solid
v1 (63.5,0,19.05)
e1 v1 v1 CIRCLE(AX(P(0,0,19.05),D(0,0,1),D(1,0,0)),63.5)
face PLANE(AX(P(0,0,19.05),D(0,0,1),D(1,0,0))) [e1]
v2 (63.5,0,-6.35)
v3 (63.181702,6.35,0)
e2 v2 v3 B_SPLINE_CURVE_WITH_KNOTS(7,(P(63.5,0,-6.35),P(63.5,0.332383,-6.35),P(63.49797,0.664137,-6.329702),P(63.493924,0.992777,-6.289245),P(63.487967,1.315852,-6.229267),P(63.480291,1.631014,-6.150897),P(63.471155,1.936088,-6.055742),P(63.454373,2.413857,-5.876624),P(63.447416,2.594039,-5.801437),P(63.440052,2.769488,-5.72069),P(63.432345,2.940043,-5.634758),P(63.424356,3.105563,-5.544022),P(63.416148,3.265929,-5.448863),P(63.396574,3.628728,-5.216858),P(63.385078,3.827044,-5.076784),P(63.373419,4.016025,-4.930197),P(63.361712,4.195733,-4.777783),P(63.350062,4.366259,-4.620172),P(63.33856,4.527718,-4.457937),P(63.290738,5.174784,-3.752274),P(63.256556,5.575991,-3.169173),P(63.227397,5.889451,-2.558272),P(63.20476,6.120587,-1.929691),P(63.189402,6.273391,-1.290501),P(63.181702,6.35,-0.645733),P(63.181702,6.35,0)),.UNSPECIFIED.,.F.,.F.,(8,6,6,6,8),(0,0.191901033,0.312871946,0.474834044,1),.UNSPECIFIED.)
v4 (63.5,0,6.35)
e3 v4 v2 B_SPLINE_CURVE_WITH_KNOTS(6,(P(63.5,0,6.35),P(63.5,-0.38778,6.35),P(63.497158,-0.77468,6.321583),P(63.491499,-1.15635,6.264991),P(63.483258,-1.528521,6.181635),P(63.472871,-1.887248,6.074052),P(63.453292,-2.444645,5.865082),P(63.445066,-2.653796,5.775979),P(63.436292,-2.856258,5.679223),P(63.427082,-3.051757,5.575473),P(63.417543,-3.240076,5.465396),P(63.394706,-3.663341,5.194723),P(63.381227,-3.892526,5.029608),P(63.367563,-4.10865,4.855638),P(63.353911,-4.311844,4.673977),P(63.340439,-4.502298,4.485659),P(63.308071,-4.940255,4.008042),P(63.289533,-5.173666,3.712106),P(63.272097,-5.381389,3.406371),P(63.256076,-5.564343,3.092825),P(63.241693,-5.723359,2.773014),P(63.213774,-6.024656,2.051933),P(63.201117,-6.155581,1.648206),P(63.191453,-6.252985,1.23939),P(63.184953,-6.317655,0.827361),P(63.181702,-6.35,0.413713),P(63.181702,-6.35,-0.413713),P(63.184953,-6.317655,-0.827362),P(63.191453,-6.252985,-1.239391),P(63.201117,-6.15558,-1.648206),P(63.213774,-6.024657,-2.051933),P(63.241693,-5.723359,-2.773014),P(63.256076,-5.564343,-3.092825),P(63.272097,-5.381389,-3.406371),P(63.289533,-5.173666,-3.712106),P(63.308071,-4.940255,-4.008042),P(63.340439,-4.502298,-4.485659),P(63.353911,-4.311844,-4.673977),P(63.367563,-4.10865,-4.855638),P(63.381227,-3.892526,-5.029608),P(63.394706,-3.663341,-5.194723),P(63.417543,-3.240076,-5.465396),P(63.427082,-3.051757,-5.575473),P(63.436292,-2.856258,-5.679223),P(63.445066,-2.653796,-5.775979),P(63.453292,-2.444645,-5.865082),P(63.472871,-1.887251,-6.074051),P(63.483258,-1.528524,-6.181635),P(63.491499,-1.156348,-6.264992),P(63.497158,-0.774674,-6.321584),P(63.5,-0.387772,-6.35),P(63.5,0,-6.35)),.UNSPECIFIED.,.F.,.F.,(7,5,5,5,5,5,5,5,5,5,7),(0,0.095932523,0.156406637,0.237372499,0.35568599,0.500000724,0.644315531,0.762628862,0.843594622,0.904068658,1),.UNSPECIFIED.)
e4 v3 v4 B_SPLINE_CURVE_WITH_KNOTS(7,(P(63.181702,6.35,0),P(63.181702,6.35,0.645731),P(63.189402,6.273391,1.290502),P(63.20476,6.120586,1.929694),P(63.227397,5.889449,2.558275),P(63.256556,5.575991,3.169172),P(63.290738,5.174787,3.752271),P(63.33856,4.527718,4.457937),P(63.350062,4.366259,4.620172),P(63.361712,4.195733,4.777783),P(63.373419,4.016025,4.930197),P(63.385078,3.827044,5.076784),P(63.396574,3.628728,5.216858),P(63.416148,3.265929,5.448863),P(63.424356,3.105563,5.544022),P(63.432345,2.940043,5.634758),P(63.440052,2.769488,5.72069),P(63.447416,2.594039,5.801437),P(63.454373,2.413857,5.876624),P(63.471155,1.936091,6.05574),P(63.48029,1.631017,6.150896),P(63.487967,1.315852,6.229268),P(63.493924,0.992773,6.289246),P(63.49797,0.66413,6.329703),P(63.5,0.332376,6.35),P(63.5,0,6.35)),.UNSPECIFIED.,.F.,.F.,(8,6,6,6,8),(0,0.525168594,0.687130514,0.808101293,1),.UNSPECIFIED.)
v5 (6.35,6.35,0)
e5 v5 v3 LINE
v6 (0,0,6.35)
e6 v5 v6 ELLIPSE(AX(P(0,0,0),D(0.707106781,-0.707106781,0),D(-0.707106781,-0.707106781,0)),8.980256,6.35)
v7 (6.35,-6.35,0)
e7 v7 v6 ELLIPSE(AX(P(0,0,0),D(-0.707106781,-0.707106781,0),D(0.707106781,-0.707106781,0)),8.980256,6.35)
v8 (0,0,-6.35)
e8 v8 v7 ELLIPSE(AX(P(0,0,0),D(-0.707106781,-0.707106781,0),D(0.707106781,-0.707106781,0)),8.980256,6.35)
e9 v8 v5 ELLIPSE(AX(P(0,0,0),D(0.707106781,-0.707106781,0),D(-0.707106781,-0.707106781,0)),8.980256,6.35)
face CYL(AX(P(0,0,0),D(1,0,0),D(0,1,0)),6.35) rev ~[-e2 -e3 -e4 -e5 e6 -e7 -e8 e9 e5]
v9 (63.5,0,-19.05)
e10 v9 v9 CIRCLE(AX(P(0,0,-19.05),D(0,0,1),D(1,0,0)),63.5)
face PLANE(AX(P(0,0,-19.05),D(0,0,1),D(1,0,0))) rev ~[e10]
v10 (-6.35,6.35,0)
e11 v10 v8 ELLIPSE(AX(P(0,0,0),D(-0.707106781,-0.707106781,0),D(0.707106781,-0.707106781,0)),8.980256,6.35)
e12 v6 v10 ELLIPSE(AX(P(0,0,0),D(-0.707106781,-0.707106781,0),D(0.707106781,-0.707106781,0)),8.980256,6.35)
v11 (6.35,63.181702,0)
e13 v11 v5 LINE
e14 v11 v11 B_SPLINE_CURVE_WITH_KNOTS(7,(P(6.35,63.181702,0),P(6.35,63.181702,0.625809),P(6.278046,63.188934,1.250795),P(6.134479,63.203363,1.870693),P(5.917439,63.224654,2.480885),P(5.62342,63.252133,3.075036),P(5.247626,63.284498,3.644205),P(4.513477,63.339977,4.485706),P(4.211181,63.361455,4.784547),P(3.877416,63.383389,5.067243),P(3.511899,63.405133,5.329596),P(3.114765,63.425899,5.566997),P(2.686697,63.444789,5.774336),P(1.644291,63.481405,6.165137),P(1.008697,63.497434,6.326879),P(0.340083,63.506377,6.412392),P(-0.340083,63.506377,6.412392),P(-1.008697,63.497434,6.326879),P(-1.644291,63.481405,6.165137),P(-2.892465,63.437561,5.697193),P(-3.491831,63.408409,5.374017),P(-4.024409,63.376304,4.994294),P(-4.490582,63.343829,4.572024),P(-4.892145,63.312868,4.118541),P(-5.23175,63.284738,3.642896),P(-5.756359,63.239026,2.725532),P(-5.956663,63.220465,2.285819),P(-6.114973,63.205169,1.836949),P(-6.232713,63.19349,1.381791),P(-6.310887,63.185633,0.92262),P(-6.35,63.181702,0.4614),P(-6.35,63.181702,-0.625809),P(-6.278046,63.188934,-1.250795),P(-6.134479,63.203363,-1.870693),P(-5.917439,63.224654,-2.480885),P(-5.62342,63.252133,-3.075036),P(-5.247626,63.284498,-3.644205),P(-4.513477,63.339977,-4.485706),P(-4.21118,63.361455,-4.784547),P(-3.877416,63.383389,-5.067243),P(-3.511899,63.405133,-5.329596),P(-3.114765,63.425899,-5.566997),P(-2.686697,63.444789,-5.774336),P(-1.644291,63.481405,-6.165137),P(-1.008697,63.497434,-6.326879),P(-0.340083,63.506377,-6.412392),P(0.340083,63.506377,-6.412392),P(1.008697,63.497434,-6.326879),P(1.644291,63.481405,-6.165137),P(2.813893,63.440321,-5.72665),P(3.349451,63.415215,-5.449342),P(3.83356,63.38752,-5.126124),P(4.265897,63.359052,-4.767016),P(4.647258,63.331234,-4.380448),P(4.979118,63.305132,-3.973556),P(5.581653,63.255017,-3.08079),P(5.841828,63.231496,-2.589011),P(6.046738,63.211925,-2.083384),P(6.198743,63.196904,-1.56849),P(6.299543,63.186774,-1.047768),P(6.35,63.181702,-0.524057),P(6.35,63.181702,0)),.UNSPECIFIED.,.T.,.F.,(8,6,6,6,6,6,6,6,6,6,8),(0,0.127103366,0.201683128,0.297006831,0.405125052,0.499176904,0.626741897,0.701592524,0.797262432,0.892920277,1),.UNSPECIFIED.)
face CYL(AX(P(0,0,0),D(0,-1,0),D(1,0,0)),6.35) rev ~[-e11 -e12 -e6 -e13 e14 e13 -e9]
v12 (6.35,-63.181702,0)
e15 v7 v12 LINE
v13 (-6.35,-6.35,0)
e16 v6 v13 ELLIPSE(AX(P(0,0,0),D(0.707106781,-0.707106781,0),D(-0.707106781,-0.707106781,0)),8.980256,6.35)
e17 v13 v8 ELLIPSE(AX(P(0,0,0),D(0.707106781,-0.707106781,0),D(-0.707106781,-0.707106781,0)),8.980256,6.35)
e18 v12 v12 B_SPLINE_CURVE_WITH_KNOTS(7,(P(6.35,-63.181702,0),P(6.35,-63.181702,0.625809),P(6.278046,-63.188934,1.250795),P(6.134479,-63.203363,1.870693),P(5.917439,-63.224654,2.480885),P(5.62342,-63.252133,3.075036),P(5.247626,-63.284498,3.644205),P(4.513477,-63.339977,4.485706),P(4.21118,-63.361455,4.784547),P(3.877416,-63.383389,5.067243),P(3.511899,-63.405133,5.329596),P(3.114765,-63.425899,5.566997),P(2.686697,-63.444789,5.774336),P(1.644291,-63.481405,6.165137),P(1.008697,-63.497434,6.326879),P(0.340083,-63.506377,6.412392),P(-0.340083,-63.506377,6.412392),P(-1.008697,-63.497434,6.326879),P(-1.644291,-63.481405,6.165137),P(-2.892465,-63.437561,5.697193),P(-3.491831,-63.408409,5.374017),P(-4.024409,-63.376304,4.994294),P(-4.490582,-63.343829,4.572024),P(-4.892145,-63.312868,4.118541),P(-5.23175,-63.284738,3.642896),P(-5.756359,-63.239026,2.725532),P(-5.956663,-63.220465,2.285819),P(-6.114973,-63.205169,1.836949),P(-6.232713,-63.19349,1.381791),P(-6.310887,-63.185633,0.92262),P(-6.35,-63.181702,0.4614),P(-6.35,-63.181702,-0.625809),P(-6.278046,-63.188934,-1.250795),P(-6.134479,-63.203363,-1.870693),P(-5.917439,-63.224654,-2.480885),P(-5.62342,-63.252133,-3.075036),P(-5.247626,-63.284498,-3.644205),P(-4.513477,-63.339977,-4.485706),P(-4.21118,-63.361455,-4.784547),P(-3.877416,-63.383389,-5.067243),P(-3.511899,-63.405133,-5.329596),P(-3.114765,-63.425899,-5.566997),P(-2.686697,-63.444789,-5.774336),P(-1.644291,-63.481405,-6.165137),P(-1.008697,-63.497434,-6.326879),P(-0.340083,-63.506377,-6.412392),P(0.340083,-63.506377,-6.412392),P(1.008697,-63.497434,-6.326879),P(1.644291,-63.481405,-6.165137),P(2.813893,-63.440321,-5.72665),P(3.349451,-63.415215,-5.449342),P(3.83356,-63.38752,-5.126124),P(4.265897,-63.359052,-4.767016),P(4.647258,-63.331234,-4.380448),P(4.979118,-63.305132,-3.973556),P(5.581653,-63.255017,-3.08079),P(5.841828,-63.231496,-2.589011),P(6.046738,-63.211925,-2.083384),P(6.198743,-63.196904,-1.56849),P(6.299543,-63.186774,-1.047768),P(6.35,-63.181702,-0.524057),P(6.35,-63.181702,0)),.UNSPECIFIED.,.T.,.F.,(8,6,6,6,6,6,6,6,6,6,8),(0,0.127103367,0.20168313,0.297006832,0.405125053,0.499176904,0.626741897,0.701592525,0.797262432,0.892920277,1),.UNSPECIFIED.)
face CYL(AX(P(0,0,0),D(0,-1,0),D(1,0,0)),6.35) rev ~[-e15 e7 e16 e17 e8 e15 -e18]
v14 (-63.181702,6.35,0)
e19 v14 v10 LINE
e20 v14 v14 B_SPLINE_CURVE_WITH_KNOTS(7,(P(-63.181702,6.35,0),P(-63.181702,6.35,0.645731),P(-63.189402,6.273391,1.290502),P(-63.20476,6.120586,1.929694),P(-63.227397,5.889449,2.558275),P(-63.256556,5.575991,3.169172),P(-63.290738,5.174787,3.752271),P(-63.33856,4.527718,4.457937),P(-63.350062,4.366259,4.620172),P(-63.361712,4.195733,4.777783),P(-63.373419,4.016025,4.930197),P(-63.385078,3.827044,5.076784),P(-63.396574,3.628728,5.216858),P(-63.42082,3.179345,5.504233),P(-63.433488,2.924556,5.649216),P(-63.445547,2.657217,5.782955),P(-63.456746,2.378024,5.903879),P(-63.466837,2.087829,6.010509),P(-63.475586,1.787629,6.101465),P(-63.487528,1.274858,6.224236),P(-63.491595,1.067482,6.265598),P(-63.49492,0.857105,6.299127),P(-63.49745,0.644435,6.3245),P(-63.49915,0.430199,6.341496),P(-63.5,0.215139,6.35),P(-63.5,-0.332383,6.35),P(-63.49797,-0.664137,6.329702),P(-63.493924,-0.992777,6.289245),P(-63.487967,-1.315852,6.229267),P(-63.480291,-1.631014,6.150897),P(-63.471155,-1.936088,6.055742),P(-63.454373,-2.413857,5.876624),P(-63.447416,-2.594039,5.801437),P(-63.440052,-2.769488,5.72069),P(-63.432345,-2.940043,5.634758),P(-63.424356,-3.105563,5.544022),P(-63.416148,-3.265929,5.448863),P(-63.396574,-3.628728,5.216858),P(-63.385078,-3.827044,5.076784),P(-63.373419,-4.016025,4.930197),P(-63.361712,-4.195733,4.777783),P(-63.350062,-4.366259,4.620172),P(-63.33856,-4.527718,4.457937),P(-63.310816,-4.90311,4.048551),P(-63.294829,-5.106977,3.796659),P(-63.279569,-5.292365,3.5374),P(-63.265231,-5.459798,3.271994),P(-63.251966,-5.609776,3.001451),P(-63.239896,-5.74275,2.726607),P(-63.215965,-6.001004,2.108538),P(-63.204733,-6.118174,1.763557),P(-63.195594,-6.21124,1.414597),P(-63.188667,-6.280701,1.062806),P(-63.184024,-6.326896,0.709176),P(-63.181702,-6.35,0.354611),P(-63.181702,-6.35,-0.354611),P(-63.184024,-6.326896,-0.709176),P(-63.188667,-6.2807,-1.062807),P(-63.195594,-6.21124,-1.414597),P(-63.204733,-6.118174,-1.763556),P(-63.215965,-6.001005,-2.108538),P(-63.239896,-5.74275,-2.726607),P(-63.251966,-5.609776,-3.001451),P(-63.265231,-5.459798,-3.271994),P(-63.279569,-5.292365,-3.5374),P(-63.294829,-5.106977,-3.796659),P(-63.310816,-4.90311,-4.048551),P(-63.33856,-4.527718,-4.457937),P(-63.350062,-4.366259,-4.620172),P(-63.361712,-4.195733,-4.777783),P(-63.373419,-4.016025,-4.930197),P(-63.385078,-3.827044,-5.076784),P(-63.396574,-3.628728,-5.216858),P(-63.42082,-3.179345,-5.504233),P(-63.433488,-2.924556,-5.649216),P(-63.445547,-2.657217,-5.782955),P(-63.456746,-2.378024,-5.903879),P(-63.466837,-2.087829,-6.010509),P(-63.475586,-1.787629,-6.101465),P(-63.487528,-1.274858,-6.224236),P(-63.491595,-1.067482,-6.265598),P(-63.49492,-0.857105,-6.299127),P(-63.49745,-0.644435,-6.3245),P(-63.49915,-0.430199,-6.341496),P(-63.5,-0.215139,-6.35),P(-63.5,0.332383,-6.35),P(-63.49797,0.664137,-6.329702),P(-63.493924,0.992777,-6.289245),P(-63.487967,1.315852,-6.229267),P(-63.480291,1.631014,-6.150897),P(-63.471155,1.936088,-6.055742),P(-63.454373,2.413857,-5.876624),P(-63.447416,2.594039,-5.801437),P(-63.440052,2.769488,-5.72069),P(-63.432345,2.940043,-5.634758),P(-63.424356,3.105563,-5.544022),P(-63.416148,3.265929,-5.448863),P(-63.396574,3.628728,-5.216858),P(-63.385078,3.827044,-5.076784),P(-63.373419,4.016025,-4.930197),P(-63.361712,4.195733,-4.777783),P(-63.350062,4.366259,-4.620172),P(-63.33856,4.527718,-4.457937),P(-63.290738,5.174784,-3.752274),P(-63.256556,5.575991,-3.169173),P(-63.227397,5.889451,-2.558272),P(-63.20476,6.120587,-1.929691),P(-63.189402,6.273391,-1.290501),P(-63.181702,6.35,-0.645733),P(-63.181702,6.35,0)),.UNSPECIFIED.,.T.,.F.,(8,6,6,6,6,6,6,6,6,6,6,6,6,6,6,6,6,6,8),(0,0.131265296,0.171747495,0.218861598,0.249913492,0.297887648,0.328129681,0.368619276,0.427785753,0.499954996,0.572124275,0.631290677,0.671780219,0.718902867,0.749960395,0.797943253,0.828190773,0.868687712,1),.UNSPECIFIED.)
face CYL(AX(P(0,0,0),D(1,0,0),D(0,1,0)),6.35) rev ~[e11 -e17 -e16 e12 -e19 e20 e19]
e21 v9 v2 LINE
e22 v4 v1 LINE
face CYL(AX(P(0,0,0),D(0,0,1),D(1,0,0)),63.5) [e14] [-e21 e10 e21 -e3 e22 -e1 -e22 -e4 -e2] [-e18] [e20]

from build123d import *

# Parameters (mm, degrees)
F0_R     = 63.5
F1_DEPTH = 19.05
F2_R     = 6.35
F3_DEPTH = 381
F4_R     = 6.35
F5_DEPTH = 381


with BuildPart() as f1:
    # F0 (on Top) → F1 (new body, symmetric)
    with BuildSketch(Plane.XY):
        Circle(F0_R)
    extrude(amount=F1_DEPTH, both=True)

    # F2 (on Front) → F3 (cut, symmetric)
    with BuildSketch(Plane.XZ):
        Circle(F2_R)
    extrude(amount=F3_DEPTH, both=True, mode=Mode.SUBTRACT)

    # F4 (on Right) → F5 (cut, symmetric)
    with BuildSketch(Plane.YZ):
        Circle(F4_R)
    extrude(amount=F5_DEPTH, both=True, mode=Mode.SUBTRACT)


solid = f1.part
